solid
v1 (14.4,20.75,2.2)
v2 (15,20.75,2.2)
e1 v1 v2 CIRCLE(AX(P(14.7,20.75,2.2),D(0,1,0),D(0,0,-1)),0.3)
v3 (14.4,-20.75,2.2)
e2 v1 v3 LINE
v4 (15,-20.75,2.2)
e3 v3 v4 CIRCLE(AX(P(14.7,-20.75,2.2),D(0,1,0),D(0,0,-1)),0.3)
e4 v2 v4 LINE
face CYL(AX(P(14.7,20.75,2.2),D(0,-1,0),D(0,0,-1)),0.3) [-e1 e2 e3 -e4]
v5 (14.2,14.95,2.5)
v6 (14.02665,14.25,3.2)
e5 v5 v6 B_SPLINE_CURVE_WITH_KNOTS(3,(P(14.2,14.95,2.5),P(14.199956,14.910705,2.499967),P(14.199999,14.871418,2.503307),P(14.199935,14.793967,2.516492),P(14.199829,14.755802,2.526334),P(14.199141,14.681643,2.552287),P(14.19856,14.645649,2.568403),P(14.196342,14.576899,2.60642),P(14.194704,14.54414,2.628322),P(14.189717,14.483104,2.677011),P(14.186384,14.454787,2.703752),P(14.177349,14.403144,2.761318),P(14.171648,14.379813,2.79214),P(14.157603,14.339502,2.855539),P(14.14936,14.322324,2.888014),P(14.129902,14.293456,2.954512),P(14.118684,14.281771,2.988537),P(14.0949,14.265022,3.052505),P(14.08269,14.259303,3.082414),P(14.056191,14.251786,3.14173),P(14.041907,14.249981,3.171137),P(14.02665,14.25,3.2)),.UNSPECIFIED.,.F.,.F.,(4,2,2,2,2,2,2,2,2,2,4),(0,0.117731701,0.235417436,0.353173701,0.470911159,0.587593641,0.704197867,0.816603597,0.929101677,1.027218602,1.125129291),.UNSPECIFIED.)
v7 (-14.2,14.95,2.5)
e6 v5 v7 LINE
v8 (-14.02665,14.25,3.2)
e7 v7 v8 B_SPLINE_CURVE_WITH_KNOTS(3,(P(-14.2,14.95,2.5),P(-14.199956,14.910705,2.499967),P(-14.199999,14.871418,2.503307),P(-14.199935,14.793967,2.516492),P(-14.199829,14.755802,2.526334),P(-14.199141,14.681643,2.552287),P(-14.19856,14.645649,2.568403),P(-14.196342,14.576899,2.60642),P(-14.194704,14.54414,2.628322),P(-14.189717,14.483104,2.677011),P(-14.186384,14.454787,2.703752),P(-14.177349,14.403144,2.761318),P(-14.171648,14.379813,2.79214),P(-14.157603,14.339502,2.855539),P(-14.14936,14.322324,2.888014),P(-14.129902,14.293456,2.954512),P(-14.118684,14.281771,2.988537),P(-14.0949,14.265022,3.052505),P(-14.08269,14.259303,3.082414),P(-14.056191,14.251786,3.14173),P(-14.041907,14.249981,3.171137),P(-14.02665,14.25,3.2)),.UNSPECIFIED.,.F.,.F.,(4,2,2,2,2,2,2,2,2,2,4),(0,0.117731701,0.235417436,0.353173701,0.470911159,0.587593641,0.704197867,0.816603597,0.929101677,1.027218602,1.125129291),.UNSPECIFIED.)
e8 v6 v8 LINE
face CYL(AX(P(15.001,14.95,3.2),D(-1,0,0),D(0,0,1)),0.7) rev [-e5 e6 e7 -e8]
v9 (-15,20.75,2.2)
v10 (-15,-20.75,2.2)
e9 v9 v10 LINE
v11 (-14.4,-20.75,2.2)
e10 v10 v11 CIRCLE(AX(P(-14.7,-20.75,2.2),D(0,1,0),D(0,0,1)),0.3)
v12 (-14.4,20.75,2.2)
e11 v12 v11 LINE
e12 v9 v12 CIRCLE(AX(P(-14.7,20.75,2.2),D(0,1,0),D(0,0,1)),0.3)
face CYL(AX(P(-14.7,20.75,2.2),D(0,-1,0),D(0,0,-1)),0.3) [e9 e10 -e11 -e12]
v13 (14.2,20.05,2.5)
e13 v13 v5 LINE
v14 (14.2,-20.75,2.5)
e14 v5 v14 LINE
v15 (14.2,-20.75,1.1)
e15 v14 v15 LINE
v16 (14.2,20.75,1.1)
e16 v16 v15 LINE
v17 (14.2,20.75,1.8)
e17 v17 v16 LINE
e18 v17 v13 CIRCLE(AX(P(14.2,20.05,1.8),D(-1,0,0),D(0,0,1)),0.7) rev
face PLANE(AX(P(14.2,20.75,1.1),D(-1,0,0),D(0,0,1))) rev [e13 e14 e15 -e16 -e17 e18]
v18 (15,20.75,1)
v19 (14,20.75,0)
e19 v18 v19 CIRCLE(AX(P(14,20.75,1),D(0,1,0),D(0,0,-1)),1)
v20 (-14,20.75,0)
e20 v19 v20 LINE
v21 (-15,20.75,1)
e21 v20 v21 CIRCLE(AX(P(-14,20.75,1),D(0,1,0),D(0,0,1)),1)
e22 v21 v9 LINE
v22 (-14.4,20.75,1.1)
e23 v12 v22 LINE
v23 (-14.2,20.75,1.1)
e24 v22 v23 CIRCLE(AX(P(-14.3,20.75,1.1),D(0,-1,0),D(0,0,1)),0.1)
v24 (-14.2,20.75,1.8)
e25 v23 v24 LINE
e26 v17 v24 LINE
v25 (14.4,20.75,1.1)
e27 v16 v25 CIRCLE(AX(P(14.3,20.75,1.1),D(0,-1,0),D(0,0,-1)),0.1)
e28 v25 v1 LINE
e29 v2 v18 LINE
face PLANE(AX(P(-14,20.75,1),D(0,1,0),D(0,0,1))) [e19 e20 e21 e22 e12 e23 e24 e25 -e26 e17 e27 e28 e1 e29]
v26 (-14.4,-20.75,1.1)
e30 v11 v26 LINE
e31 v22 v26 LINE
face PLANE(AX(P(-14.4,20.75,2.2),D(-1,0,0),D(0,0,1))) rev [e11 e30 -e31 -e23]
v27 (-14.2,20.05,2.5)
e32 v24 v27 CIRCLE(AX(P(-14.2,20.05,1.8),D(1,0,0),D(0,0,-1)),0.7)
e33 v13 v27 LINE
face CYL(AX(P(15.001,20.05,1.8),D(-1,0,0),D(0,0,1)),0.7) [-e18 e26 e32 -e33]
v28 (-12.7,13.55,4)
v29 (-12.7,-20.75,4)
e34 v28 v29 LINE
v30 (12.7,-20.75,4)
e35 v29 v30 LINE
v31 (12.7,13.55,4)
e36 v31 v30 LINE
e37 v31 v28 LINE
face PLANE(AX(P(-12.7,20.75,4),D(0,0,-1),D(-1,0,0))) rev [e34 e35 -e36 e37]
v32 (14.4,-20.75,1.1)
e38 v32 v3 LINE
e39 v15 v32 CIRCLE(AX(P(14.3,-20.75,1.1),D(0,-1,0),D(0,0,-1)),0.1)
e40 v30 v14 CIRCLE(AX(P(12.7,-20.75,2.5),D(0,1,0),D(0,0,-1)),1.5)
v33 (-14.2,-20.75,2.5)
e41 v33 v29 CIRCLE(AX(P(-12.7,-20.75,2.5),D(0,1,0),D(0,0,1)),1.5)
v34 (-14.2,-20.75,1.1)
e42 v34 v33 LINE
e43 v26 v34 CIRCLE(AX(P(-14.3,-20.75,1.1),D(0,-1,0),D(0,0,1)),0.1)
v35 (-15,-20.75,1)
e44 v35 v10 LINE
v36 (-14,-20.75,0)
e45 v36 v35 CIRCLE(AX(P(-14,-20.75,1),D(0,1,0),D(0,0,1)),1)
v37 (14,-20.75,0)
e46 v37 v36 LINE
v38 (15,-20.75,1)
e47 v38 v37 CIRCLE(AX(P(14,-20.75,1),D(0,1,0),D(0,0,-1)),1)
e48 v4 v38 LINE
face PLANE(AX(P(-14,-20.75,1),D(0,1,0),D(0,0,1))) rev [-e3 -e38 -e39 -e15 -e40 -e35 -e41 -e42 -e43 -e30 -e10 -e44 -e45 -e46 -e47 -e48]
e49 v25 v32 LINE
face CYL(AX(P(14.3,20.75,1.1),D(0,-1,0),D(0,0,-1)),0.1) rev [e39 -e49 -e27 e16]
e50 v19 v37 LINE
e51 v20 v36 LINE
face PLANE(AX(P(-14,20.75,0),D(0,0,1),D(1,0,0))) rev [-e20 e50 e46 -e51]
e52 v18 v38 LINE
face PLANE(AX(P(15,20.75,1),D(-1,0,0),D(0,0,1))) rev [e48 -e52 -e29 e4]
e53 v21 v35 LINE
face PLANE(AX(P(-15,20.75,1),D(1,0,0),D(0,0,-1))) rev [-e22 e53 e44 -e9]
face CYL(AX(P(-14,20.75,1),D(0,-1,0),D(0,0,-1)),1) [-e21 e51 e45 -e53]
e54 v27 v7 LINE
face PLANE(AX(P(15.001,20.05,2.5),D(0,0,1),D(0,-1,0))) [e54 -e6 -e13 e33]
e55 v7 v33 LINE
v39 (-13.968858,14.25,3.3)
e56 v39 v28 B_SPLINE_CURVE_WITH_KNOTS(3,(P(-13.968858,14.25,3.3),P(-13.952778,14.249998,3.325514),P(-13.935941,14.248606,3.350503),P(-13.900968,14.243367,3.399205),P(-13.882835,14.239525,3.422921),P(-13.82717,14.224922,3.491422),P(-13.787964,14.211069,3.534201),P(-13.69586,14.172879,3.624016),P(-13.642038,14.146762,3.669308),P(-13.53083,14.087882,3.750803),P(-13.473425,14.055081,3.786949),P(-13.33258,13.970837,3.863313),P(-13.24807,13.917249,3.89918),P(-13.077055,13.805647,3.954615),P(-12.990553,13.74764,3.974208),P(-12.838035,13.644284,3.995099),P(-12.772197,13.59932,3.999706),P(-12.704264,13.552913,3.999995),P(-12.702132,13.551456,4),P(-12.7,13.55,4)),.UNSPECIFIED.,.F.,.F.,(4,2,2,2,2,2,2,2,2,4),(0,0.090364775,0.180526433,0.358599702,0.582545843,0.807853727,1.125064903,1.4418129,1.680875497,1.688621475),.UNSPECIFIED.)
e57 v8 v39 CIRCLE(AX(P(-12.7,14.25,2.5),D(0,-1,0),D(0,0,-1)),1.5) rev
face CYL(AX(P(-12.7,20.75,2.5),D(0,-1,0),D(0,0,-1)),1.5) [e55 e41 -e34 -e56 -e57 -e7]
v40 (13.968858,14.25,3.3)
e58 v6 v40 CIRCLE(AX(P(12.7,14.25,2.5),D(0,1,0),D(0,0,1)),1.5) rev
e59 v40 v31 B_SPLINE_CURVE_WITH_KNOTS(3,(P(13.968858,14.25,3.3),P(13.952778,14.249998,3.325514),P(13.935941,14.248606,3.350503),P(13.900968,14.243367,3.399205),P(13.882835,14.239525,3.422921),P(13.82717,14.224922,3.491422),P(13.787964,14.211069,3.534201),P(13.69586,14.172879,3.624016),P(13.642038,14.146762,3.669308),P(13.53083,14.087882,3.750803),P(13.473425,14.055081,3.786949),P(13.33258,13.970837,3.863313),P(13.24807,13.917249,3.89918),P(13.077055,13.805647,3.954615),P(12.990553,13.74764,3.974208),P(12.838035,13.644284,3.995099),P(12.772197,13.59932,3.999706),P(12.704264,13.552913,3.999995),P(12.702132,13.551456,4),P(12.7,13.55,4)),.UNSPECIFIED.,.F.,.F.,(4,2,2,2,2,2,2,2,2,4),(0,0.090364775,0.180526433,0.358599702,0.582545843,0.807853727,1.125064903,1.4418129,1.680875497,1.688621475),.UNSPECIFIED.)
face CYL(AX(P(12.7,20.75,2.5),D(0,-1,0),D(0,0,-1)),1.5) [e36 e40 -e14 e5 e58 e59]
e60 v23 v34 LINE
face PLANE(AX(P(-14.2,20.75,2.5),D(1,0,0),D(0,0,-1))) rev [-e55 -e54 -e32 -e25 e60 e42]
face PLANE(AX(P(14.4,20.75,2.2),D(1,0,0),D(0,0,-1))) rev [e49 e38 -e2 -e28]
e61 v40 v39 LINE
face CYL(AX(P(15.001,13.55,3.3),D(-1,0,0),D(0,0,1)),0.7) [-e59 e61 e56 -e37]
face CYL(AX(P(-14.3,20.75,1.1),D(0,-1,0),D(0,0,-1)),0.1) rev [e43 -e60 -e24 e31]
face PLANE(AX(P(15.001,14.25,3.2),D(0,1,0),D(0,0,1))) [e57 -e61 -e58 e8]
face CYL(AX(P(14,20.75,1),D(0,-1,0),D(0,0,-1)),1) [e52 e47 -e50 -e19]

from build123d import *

# Parameters (mm, degrees)
EXTRUDE_1_DEPTH                 = 20.75
CUT_EXTRUDE_1_REACH             = 27.915
CUT_EXTRUDE_1_DIRECTION_2_REACH = 27.915


with BuildPart() as part:
    # Эскиз1 → Бобышка-Вытянуть1 (new, symmetric)
    with BuildSketch(Plane(origin=(0, 0, 0), x_dir=(1, 0, 0), z_dir=(0, 1, 0))):
        with BuildLine():
            Line((-14, 0), (14, 0))
            ThreePointArc((14, 0), (14.707106781, -0.292893219), (15, -1))
            Line((15, -1), (15, -2.2))
            ThreePointArc((15, -2.2), (14.7, -2.5), (14.4, -2.2))
            Line((14.4, -2.2), (14.4, -1.1))
            ThreePointArc((14.4, -1.1), (14.3, -1), (14.2, -1.1))
            Line((14.2, -1.1), (14.2, -2.5))
            ThreePointArc((14.2, -2.5), (13.760660172, -3.560660172), (12.7, -4))
            Line((12.7, -4), (-12.7, -4))
            ThreePointArc((-12.7, -4), (-13.760660172, -3.560660172), (-14.2, -2.5))
            Line((-14.2, -2.5), (-14.2, -1.1))
            ThreePointArc((-14.2, -1.1), (-14.3, -1), (-14.4, -1.1))
            Line((-14.4, -1.1), (-14.4, -2.2))
            ThreePointArc((-14.4, -2.2), (-14.7, -2.5), (-15, -2.2))
            Line((-15, -2.2), (-15, -1))
            ThreePointArc((-15, -1), (-14.707106781, -0.292893219), (-14, 0))
        make_face()
    extrude(amount=EXTRUDE_1_DEPTH, both=True)

    # Эскиз2 → Вырез-Вытянуть1 (cut, up to next)
    with BuildSketch(Plane(origin=(0, 0, 0), x_dir=(0, 0, -1), z_dir=(1, 0, 0)), mode=Mode.PRIVATE) as cut_extrude_1_sk1:
        with BuildLine():
            Line((-2.5, 20.05), (-2.5, 14.95))
            ThreePointArc((-2.5, 14.95), (-2.705025253, 14.455025253), (-3.2, 14.25))
            Line((-3.2, 14.25), (-3.3, 14.25))
            ThreePointArc((-3.3, 14.25), (-3.794974747, 14.044974747), (-4, 13.55))
            Line((-4, 13.55), (-4, 20.75))
            Line((-4, 20.75), (-1.8, 20.75))
            ThreePointArc((-1.8, 20.75), (-2.294974747, 20.544974747), (-2.5, 20.05))
        make_face()
    cut_extrude_1_tool1 = extrude(cut_extrude_1_sk1.sketch, amount=-CUT_EXTRUDE_1_REACH, mode=Mode.PRIVATE) & part.part
    add(cut_extrude_1_tool1.solids().sort_by_distance((0, 17.529673, 3.252998))[0], mode=Mode.SUBTRACT)

    # Эскиз2 → Вырез-Вытянуть1 direction 2 (cut, up to next)
    with BuildSketch(Plane(origin=(0, 0, 0), x_dir=(0, 0, -1), z_dir=(1, 0, 0)), mode=Mode.PRIVATE) as cut_extrude_1_direction_2_sk1:
        with BuildLine():
            Line((-2.5, 20.05), (-2.5, 14.95))
            ThreePointArc((-2.5, 14.95), (-2.705025253, 14.455025253), (-3.2, 14.25))
            Line((-3.2, 14.25), (-3.3, 14.25))
            ThreePointArc((-3.3, 14.25), (-3.794974747, 14.044974747), (-4, 13.55))
            Line((-4, 13.55), (-4, 20.75))
            Line((-4, 20.75), (-1.8, 20.75))
            ThreePointArc((-1.8, 20.75), (-2.294974747, 20.544974747), (-2.5, 20.05))
        make_face()
    cut_extrude_1_direction_2_tool1 = extrude(cut_extrude_1_direction_2_sk1.sketch, amount=CUT_EXTRUDE_1_DIRECTION_2_REACH, mode=Mode.PRIVATE) & part.part
    add(cut_extrude_1_direction_2_tool1.solids().sort_by_distance((0, 17.529673, 3.252998))[0], mode=Mode.SUBTRACT)


solid = part.part
